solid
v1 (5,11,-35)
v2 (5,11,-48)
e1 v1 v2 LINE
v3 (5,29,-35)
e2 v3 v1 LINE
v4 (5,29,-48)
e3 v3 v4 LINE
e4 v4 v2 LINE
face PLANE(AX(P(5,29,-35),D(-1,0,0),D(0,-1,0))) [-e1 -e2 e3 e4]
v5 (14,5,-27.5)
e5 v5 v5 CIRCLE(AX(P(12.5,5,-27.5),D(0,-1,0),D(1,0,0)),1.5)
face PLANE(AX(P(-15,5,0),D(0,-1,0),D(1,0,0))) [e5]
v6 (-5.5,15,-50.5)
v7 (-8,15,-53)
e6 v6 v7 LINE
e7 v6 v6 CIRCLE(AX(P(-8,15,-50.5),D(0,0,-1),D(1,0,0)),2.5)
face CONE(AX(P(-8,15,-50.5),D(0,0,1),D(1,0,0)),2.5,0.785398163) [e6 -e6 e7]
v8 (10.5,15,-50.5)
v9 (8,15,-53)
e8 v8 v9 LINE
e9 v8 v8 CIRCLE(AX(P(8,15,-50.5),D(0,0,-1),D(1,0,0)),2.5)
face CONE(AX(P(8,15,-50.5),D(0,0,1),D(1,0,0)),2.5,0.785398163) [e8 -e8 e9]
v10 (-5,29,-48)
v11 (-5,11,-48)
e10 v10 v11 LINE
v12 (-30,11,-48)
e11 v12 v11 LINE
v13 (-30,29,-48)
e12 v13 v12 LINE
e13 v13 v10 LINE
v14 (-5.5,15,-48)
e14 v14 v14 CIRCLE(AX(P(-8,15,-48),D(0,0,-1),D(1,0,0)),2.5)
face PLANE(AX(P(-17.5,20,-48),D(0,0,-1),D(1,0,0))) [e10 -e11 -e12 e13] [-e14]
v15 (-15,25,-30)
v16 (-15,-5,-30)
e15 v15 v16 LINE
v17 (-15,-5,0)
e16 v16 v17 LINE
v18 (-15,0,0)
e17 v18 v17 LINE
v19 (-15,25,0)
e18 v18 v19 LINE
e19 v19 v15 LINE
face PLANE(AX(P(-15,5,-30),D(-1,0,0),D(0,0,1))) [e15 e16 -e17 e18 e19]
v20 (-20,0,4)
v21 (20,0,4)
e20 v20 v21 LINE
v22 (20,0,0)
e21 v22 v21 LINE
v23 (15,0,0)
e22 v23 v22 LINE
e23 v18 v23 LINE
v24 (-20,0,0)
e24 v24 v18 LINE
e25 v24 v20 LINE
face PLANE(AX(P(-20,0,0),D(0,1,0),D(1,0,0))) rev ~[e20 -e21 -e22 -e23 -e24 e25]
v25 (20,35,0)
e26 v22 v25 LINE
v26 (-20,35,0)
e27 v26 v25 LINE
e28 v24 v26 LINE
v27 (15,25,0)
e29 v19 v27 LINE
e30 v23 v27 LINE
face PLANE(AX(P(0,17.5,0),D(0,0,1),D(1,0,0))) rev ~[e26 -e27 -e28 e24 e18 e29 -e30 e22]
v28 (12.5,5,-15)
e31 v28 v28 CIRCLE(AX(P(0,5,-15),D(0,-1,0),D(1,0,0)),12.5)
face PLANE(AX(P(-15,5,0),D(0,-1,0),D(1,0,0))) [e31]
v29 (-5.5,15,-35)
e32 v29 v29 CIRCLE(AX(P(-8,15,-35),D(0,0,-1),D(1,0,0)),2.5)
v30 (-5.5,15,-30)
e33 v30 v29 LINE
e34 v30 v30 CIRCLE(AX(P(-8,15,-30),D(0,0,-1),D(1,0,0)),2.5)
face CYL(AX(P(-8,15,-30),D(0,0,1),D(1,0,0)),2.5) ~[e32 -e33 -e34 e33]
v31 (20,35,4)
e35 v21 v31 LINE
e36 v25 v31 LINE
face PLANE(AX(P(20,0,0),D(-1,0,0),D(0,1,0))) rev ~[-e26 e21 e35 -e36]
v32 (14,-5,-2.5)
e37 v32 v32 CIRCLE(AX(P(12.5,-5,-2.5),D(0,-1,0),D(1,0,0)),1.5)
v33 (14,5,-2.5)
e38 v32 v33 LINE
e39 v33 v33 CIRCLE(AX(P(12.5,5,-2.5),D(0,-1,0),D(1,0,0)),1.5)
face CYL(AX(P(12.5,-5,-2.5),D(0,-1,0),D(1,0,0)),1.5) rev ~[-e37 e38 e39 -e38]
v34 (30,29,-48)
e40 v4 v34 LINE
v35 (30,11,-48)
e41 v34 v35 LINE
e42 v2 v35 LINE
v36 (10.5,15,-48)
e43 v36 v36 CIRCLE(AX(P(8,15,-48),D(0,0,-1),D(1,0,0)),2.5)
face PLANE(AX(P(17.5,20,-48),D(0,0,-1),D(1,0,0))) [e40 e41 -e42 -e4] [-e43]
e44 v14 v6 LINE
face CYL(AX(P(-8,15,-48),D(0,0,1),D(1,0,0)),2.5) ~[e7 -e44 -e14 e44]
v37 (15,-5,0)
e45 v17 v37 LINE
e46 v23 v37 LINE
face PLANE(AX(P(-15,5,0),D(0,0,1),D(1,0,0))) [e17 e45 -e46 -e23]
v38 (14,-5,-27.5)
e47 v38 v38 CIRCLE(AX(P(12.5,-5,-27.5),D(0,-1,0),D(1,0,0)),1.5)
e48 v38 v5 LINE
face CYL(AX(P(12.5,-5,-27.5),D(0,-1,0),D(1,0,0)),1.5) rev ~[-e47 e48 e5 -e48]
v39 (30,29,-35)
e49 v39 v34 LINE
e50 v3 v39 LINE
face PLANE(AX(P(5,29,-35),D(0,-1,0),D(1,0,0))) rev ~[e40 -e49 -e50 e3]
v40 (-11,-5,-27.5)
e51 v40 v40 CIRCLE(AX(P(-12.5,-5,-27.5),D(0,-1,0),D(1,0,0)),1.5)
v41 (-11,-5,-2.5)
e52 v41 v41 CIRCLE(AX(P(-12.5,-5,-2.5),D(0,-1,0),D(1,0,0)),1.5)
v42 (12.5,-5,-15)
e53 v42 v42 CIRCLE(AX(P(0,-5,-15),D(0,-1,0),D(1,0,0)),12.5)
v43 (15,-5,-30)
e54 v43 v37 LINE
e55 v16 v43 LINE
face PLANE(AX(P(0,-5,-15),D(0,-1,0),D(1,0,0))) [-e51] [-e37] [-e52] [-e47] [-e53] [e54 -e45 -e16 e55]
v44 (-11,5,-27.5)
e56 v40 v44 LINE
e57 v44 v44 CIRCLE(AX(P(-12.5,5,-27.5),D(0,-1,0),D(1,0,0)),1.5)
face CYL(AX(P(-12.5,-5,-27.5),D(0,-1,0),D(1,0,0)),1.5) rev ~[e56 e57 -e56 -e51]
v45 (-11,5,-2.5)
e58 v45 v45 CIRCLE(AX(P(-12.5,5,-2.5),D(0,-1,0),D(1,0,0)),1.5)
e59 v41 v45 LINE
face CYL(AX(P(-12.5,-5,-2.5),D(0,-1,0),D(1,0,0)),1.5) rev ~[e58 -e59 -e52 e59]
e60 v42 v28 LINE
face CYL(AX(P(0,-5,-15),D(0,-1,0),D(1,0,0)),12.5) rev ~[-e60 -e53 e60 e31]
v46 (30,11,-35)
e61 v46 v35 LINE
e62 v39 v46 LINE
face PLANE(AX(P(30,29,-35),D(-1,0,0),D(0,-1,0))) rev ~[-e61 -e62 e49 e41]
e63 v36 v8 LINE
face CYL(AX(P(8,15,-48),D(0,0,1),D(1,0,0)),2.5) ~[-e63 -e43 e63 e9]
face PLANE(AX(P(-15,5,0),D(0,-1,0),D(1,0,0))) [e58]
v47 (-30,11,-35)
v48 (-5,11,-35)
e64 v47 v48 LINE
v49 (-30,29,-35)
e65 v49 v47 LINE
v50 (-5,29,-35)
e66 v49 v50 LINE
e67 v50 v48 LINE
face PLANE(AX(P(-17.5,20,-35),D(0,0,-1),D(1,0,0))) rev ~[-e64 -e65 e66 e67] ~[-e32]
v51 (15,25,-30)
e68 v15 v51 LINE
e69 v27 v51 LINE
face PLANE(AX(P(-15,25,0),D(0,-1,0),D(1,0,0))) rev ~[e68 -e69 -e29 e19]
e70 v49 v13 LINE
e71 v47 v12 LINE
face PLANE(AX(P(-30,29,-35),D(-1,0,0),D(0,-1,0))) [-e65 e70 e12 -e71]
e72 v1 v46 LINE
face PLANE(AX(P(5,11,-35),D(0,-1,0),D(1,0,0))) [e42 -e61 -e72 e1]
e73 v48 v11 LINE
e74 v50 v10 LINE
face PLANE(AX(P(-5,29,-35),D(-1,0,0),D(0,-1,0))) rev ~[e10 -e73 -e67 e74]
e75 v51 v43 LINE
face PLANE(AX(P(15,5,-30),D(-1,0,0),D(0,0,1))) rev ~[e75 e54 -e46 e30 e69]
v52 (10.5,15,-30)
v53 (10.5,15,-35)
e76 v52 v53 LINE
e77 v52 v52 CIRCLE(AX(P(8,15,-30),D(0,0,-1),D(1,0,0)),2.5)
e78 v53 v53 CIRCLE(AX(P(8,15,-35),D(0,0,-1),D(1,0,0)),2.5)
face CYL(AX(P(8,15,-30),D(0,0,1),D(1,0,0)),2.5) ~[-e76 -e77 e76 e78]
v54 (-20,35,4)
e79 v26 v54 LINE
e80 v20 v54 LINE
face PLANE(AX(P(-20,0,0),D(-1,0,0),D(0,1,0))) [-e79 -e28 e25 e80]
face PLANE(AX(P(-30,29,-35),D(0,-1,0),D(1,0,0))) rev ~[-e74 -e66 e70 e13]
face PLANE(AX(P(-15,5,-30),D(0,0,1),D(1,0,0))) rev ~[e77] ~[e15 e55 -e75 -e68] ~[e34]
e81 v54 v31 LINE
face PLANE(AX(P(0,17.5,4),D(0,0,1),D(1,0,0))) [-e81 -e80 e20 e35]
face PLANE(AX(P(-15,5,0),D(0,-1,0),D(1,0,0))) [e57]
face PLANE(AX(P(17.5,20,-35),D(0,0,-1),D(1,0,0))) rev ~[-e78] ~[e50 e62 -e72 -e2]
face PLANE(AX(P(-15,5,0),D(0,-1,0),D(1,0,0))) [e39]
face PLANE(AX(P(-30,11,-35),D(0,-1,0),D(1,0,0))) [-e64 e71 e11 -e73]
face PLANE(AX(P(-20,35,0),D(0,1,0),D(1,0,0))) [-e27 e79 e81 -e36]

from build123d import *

# Parameters (mm, degrees)
F0_W      = 40
F0_H      = 35
F1_DEPTH  = 4
F2_W      = 30
F2_H      = 20
F3_DEPTH  = 30
F4_W      = 30
F4_H      = 30
F5_DEPTH  = 10
F6_R      = 1.5
F6_R_2    = 12.5
F7_DEPTH  = 10
F8_R      = 2.5
F9_DEPTH  = 5
F10_W     = 25
F10_H     = 18
F11_DEPTH = 13
F12_R     = 2.5
F13_DEPTH = 5
F14_SIZE  = 2.5


with BuildPart() as f1:
    # F0 (on Top) → F1 (new body)
    with BuildSketch(Plane.XY):
        with Locations((0, 17.5)):
            Rectangle(F0_W, F0_H)
    extrude(amount=F1_DEPTH)



with BuildPart() as f3:
    # F2 (on face) → F3 (new body)
    with BuildSketch(Plane(origin=(0, 0, 0), x_dir=(1, 0, 0), z_dir=(0, 0, -1))):
        with Locations((0, -15)):
            Rectangle(F2_W, F2_H)
    extrude(amount=F3_DEPTH)

    # F8 (on face) → F9 (join)
    with BuildSketch(Plane(origin=(0, 0, -30), x_dir=(1, 0, 0), z_dir=(0, 0, -1))):
        with Locations((-8, -15)):
            Circle(F8_R)
        with Locations((8, -15)):
            Circle(F8_R)
    extrude(amount=F9_DEPTH)

    # F10 (on face) → F11 (join)
    with BuildSketch(Plane(origin=(0, 0, -35), x_dir=(1, 0, 0), z_dir=(0, 0, -1))):
        with Locations((17.5, -20)):
            Rectangle(F10_W, F10_H)
        with Locations((-17.5, -20)):
            Rectangle(F10_W, F10_H)
    extrude(amount=F11_DEPTH)


with BuildPart() as f5:
    # F4 (on face) → F5 (new body)
    with BuildSketch(Plane.XZ.offset(-5)):
        with Locations((0, -15)):
            Rectangle(F4_W, F4_H)
    extrude(amount=F5_DEPTH)

    # F6 (on face) → F7 (cut, through all)
    with BuildSketch(Plane.XZ.offset(5)):
        with Locations((-12.5, -2.5)):
            Circle(F6_R)
        with Locations((0, -15)):
            Circle(F6_R_2)
        with Locations((12.5, -2.5)):
            Circle(F6_R)
        with Locations((-12.5, -27.5)):
            Circle(F6_R)
        with Locations((12.5, -27.5)):
            Circle(F6_R)
    extrude(amount=-F7_DEPTH, mode=Mode.SUBTRACT)


with BuildPart() as f1_1:
    add(f1.part)

    add(f3.part)  # F13 merges F3

    add(f5.part)  # F13 merges F5
    # F12 (on face) → F13 (join)
    with BuildSketch(Plane(origin=(0, 0, -48), x_dir=(1, 0, 0), z_dir=(0, 0, -1))):
        with Locations((8, -15)):
            Circle(F12_R)
        with Locations((-8, -15)):
            Circle(F12_R)
    extrude(amount=F13_DEPTH)

    # F14
    f14_edges = [f1_1.edges().sort_by_distance(p)[0] for p in [
        (-10.5, 15, -53),
        (5.5, 15, -53),
    ]]
    chamfer(f14_edges, length=F14_SIZE)


solid = f1_1.part
